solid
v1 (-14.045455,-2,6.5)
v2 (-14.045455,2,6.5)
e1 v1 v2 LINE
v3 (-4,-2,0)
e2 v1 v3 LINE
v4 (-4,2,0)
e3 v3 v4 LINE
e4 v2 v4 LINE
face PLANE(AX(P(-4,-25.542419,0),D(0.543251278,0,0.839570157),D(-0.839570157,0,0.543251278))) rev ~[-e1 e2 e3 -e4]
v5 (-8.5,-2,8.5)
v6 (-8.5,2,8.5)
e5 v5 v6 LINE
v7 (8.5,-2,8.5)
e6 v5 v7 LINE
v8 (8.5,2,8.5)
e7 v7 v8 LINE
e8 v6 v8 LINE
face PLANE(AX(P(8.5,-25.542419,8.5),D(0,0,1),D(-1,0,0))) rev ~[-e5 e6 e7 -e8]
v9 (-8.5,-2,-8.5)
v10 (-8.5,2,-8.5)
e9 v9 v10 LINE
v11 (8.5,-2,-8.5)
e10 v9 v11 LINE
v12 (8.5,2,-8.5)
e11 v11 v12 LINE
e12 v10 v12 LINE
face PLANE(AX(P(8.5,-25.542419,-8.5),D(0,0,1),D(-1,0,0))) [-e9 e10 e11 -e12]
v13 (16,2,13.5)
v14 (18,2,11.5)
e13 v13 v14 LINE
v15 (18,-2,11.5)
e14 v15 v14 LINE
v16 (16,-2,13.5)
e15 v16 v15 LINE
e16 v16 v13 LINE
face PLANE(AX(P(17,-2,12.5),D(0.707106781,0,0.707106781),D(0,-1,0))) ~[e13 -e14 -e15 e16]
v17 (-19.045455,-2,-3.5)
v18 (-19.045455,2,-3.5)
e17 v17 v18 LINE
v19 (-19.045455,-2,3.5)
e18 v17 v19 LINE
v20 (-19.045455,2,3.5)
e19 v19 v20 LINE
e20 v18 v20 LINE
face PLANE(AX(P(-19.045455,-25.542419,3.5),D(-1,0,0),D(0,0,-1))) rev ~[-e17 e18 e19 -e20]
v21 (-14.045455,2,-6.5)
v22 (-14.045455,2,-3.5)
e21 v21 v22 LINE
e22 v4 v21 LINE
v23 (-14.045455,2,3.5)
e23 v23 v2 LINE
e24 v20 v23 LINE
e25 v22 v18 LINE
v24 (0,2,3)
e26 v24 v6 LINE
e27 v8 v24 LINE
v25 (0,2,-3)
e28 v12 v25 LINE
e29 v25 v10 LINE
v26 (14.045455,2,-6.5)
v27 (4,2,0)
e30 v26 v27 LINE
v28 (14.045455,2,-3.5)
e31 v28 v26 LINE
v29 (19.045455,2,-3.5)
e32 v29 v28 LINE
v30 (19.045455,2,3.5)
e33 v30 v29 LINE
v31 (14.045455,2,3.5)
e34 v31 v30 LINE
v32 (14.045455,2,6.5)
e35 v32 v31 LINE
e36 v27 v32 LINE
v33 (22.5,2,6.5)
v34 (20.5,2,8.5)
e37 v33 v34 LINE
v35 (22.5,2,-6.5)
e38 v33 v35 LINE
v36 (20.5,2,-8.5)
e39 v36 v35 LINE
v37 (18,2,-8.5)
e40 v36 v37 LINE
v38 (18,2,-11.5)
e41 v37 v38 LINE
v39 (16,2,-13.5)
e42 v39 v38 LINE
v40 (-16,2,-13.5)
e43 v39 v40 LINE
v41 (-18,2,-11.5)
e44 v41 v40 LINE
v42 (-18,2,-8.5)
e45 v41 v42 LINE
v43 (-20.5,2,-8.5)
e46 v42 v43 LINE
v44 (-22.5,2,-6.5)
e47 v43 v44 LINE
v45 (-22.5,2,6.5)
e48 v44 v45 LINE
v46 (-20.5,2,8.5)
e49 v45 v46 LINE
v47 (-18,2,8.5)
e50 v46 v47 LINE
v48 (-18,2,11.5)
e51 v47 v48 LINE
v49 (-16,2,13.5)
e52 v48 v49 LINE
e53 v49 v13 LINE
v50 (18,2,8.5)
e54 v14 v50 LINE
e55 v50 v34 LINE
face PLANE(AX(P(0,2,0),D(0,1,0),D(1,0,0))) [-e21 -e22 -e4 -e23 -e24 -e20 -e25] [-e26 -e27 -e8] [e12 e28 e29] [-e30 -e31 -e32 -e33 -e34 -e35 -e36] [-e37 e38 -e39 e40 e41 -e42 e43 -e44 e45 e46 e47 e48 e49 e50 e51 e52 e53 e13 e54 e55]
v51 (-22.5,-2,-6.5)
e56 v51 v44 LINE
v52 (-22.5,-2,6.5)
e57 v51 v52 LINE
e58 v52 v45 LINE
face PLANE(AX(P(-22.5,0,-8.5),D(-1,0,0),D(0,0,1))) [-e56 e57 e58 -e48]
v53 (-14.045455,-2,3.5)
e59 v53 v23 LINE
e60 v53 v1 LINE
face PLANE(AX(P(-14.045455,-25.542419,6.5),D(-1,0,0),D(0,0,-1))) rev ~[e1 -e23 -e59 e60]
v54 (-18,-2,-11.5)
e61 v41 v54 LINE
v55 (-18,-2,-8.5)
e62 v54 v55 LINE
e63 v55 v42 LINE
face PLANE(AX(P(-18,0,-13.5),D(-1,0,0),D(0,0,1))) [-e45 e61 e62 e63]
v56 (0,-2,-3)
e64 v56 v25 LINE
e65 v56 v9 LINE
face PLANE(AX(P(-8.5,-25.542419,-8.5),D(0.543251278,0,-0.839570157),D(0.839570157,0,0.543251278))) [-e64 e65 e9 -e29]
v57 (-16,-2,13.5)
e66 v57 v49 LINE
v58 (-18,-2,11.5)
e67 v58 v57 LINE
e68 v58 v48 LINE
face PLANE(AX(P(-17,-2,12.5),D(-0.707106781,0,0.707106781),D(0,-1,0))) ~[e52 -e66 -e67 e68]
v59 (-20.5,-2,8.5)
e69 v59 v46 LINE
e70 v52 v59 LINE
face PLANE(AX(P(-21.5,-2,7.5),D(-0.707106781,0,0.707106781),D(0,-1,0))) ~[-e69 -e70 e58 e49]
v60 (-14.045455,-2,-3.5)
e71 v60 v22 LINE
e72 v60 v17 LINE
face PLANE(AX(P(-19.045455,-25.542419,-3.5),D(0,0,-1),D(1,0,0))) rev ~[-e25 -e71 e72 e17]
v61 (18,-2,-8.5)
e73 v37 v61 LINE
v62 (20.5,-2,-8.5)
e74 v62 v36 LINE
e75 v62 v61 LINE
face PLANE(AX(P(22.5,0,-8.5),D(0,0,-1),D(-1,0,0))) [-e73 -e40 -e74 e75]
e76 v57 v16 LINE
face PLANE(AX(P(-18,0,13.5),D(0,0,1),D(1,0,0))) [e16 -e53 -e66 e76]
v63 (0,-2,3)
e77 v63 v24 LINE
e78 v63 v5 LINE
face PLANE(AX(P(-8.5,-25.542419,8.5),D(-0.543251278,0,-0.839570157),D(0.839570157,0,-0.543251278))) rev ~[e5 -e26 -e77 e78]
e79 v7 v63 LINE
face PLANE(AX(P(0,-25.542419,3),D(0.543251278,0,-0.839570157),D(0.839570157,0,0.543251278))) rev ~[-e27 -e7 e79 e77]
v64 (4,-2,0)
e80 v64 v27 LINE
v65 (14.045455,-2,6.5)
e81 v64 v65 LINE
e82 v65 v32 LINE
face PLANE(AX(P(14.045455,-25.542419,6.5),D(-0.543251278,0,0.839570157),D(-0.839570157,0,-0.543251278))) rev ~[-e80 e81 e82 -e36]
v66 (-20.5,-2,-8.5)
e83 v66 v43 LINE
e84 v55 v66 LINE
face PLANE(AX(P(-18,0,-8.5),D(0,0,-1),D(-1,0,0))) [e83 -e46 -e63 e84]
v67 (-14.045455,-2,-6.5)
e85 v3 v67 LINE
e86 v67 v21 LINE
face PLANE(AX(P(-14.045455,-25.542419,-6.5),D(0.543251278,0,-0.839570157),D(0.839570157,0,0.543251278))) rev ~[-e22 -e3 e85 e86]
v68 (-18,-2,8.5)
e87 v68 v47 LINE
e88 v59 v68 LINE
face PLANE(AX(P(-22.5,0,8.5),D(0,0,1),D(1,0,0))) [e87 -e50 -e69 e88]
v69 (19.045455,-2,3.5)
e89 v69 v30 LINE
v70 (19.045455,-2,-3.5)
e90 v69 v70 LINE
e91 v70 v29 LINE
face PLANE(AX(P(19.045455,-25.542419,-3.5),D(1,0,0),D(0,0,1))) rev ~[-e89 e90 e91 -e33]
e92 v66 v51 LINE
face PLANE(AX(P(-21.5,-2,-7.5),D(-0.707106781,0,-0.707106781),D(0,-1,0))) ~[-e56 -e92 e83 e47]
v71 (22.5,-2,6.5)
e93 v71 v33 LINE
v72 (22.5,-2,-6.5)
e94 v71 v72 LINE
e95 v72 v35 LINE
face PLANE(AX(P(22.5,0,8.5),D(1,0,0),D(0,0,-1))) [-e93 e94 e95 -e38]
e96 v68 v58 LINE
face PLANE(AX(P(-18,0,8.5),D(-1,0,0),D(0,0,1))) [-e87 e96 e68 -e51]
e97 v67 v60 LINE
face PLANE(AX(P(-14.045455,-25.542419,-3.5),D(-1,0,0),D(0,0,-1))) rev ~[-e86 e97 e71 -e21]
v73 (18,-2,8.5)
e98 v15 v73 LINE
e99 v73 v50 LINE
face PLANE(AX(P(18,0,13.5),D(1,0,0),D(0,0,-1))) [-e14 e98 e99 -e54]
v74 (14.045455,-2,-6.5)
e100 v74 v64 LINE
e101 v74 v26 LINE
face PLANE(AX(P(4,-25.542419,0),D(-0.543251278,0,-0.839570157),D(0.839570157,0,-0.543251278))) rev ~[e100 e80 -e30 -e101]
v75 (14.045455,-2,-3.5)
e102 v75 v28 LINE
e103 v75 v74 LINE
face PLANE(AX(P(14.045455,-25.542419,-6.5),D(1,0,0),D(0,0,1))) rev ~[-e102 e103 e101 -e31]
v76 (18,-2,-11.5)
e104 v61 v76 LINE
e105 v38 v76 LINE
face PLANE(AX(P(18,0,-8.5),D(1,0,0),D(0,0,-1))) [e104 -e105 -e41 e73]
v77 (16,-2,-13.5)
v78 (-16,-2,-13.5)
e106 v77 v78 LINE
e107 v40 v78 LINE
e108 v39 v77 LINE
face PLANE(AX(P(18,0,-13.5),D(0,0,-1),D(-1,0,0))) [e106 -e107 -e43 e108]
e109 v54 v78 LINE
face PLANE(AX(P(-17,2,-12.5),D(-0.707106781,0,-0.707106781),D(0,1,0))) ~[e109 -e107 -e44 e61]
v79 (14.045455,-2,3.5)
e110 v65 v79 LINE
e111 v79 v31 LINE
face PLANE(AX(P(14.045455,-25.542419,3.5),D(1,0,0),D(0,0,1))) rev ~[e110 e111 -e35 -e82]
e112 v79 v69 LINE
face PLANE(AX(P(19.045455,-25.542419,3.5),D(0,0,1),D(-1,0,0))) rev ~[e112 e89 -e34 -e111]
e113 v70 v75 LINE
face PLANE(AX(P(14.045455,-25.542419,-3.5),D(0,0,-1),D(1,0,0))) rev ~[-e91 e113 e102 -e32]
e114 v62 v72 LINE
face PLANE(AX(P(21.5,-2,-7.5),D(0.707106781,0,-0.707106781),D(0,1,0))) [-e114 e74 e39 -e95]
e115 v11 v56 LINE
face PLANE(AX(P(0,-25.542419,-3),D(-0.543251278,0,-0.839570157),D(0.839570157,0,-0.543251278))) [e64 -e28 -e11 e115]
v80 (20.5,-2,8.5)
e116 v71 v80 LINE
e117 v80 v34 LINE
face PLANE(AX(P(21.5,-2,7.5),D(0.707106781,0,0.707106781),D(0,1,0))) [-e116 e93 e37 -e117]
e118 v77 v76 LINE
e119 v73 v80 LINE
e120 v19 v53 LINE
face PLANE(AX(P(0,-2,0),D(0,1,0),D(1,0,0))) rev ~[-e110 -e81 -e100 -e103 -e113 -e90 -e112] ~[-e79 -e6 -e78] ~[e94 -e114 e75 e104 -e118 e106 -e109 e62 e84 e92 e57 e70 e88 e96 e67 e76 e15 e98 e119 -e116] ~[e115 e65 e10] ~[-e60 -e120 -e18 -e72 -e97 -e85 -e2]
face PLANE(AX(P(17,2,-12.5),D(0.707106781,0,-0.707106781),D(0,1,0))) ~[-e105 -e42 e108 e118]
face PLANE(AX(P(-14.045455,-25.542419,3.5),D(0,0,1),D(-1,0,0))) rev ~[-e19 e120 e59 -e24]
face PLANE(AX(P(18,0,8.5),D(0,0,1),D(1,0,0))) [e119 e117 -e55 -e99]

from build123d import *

# Parameters (mm, degrees)
EXTRUDE_1_DEPTH          = 2
CUT_EXTRUDE_1_DEPTH      = 27.54241888
CUT_EXTRUDE_1_DEPTH_BACK = 27.54241888
CHAMFER_1_SIZE           = 2


with BuildPart() as part:
    # 草图1 → 凸台-拉伸1 (new, symmetric)
    with BuildSketch(Plane(origin=(0, 0, 0), x_dir=(1, 0, 0), z_dir=(0, 1, 0))):
        Polygon((-18, 13.5), (-18, 8.5), (-22.5, 8.5), (-22.5, -8.5), (-18, -8.5), (-18, -13.5), (18, -13.5), (18, -8.5), (22.5, -8.5), (22.5, 8.5), (18, 8.5), (18, 13.5), align=None)
    extrude(amount=EXTRUDE_1_DEPTH, both=True)

    # 草图2 → 切除-拉伸1 (cut, two sides: drawn at the far end of the back side and taken through both)
    with BuildSketch(Plane(origin=(0, 2, 0), x_dir=(1, 0, 0), z_dir=(0, 1, 0)).offset(-CUT_EXTRUDE_1_DEPTH_BACK)):
        Polygon((0, 3), (8.5, 8.5), (-8.5, 8.5), align=None)
        Polygon((4, 0), (14.045454545, 6.5), (14.045454545, 3.5), (19.045454545, 3.5), (19.045454545, -3.5), (14.045454545, -3.5), (14.045454545, -6.5), align=None)
        Polygon((8.5, -8.5), (-8.5, -8.5), (0, -3), align=None)
        Polygon((-4, 0), (-14.045454545, -6.5), (-14.045454545, -3.5), (-19.045454545, -3.5), (-19.045454545, 3.5), (-14.045454545, 3.5), (-14.045454545, 6.5), align=None)
    extrude(amount=CUT_EXTRUDE_1_DEPTH + CUT_EXTRUDE_1_DEPTH_BACK, mode=Mode.SUBTRACT)

    # 倒角1
    chamfer_1_edges = [part.edges().sort_by_distance(p)[0] for p in [
        (22.5, 0, -8.5),
        (22.5, 0, 8.5),
        (18, 0, 13.5),
        (-18, 0, 13.5),
        (-22.5, 0, 8.5),
        (-22.5, 0, -8.5),
        (-18, 0, -13.5),
        (18, 0, -13.5),
    ]]
    chamfer(chamfer_1_edges, length=CHAMFER_1_SIZE)


solid = part.part
